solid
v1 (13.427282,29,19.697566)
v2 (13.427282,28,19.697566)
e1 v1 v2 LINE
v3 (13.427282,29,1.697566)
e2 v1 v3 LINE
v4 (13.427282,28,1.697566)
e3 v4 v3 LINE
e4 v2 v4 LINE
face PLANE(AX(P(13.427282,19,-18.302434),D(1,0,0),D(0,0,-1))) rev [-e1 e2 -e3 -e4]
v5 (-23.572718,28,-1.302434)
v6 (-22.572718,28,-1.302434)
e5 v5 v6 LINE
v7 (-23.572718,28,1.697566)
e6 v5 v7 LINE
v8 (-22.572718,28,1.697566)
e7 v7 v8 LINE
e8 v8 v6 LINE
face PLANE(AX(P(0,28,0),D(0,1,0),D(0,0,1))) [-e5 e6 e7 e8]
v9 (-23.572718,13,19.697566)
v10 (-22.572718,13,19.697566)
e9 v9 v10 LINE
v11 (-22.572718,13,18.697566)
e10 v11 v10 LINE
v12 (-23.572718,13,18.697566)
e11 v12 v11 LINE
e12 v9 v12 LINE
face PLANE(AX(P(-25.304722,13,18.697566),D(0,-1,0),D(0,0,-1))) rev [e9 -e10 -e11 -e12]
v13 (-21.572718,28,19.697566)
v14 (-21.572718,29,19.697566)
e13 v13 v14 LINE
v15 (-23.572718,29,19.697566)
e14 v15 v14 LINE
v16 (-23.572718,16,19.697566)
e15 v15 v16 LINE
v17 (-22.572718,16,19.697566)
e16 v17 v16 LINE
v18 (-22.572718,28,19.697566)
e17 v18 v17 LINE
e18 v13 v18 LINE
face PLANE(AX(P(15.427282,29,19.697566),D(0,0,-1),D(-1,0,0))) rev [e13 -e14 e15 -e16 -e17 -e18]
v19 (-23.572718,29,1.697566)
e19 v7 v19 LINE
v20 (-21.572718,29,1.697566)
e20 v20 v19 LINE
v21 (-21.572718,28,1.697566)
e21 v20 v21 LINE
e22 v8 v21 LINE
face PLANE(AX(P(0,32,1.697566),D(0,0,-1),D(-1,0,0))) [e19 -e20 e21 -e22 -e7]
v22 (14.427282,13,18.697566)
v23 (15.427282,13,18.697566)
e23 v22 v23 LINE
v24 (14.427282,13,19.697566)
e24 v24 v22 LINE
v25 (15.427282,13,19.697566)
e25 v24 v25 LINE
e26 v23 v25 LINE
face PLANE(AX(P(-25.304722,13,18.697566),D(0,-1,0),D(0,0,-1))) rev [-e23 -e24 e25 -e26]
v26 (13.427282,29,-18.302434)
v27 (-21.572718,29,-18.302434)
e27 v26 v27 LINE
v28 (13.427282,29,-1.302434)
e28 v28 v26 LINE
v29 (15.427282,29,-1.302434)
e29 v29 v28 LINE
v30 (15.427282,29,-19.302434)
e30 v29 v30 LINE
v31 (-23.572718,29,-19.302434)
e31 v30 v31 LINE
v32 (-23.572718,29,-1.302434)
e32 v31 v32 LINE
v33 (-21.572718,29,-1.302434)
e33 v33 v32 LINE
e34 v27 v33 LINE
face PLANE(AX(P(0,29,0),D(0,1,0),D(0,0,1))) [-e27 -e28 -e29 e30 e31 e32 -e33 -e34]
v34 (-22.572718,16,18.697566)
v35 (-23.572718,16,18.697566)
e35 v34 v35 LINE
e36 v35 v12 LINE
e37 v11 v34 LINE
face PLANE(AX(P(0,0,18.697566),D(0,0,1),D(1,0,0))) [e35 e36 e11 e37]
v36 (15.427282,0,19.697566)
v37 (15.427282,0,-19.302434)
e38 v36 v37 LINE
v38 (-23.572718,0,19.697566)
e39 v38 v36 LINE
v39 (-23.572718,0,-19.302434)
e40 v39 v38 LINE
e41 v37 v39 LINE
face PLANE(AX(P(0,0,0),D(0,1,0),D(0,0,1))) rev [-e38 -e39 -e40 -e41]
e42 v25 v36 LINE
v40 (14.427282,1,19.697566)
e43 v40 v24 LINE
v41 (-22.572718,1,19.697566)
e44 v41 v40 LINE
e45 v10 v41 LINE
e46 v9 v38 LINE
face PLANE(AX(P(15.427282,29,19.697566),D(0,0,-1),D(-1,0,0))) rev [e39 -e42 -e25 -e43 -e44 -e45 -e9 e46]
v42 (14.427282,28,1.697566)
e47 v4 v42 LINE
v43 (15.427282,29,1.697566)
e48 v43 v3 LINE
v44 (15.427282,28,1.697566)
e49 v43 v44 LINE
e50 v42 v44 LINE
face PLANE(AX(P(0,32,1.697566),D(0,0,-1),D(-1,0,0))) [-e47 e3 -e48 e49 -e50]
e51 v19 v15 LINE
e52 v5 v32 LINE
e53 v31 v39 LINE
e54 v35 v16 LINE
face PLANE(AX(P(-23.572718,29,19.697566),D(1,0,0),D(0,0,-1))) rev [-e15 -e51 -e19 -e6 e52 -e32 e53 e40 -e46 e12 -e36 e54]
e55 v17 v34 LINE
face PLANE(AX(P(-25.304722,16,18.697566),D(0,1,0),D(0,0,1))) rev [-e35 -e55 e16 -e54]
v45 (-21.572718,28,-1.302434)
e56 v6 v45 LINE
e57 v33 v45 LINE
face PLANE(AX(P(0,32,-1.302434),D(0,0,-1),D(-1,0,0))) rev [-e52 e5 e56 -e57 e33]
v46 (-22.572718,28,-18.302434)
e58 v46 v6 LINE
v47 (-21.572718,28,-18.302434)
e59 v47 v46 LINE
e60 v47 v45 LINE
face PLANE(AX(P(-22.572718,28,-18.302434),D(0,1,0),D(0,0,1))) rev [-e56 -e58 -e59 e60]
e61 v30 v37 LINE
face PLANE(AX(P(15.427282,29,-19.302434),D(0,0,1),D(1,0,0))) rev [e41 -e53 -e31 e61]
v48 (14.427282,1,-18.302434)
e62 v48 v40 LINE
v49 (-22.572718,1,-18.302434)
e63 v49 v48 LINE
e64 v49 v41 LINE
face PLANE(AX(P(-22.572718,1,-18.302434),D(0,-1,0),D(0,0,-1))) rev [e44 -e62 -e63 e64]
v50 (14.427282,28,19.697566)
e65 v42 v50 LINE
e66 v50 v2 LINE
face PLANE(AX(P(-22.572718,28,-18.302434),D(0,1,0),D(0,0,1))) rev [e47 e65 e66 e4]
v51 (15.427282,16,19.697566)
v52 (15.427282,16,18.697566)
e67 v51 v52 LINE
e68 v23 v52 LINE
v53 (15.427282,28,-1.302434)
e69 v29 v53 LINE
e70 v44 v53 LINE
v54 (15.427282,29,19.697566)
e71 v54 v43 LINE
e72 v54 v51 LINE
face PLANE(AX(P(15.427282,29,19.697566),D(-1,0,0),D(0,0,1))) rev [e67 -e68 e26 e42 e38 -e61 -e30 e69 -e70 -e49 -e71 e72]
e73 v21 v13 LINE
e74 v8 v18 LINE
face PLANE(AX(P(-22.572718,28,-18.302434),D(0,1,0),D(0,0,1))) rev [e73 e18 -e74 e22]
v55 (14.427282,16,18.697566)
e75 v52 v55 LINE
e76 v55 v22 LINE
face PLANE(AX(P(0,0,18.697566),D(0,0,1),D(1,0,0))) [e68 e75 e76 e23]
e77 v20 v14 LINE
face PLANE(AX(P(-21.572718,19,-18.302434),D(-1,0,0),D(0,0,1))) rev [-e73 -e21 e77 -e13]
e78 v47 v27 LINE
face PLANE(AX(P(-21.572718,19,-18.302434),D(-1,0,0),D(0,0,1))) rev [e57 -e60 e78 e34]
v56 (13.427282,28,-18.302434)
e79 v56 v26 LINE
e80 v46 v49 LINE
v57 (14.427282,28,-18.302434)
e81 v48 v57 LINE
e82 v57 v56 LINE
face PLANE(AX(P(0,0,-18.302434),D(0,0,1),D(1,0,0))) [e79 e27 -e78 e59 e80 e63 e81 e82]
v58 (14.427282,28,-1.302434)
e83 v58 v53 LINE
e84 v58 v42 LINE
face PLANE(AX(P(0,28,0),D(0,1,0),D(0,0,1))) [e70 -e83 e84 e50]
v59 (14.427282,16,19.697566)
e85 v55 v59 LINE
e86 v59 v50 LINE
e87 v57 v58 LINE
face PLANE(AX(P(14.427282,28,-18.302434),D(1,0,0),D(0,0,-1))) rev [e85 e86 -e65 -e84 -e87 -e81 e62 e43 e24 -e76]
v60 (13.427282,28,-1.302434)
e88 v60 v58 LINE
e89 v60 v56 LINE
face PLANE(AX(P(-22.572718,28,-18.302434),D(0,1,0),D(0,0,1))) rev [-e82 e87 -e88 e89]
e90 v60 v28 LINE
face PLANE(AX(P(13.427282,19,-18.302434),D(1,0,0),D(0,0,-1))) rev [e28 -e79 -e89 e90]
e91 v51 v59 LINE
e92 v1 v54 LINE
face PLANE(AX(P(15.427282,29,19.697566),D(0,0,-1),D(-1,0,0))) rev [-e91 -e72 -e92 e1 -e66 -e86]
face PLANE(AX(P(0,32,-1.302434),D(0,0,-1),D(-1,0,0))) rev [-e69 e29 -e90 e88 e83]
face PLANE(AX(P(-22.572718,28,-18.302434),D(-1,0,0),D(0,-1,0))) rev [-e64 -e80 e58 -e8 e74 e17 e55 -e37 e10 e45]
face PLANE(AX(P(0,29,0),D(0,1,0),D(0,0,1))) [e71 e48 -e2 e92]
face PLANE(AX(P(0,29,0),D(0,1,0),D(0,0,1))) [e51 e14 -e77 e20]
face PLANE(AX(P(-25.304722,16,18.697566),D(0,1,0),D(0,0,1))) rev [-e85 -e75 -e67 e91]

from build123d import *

# Parameters (mm, degrees)
SKETCH1_W           = 39
SKETCH1_H           = 39
BOSS_EXTRUDE1_DEPTH = 29
SKETCH3_W           = 37
SKETCH3_H           = 27
CUT_EXTRUDE1_DEPTH  = 38
SKETCH4_W           = 35
SKETCH4_H           = 38.588060521
CUT_EXTRUDE2_DEPTH  = 10
CUT_EXTRUDE3_START  = 27
SKETCH5_W           = 40
SKETCH5_H           = 3
CUT_EXTRUDE3_DEPTH  = 4
CUT_EXTRUDE5_START  = 38
SKETCH6_W           = 41.777462506
SKETCH6_H           = 3
CUT_EXTRUDE5_DEPTH  = 1


with BuildPart() as part:
    # Sketch1 → Boss-Extrude1 (new body)
    with BuildSketch(Plane(origin=(0, 0, 0), x_dir=(1, 0, 0), z_dir=(0, 1, 0))):
        with Locations((-4.072718242, -0.197565543)):
            Rectangle(SKETCH1_W, SKETCH1_H)
    extrude(amount=BOSS_EXTRUDE1_DEPTH)

    # Sketch3 → Cut-Extrude1 (cut)
    with BuildSketch(Plane.XY.offset(19.697565543)):
        with Locations((-4.072718242, 14.5)):
            Rectangle(SKETCH3_W, SKETCH3_H)
    extrude(amount=-CUT_EXTRUDE1_DEPTH, mode=Mode.SUBTRACT)

    # Sketch4 → Cut-Extrude2 (cut)
    with BuildSketch(Plane(origin=(0, 29, 0), x_dir=(1, 0, 0), z_dir=(0, 1, 0))):
        with Locations((-4.072718242, -0.991595804)):
            Rectangle(SKETCH4_W, SKETCH4_H)
    extrude(amount=-CUT_EXTRUDE2_DEPTH, mode=Mode.SUBTRACT)

    # Sketch5 → Cut-Extrude3 (cut)
    with BuildSketch(Plane(origin=(0, 1, 0), x_dir=(1, 0, 0), z_dir=(0, 1, 0)).offset(CUT_EXTRUDE3_START)):
        with Locations((-4.288618926, -0.197565543)):
            Rectangle(SKETCH5_W, SKETCH5_H)
    extrude(amount=CUT_EXTRUDE3_DEPTH, mode=Mode.SUBTRACT)

    # Sketch6 → Cut-Extrude5 (cut)
    with BuildSketch(Plane.XY.offset(-18.302434457).offset(CUT_EXTRUDE5_START)):
        with Locations((-4.415990597, 14.5)):
            Rectangle(SKETCH6_W, SKETCH6_H)
    extrude(amount=-CUT_EXTRUDE5_DEPTH, mode=Mode.SUBTRACT)


solid = part.part
